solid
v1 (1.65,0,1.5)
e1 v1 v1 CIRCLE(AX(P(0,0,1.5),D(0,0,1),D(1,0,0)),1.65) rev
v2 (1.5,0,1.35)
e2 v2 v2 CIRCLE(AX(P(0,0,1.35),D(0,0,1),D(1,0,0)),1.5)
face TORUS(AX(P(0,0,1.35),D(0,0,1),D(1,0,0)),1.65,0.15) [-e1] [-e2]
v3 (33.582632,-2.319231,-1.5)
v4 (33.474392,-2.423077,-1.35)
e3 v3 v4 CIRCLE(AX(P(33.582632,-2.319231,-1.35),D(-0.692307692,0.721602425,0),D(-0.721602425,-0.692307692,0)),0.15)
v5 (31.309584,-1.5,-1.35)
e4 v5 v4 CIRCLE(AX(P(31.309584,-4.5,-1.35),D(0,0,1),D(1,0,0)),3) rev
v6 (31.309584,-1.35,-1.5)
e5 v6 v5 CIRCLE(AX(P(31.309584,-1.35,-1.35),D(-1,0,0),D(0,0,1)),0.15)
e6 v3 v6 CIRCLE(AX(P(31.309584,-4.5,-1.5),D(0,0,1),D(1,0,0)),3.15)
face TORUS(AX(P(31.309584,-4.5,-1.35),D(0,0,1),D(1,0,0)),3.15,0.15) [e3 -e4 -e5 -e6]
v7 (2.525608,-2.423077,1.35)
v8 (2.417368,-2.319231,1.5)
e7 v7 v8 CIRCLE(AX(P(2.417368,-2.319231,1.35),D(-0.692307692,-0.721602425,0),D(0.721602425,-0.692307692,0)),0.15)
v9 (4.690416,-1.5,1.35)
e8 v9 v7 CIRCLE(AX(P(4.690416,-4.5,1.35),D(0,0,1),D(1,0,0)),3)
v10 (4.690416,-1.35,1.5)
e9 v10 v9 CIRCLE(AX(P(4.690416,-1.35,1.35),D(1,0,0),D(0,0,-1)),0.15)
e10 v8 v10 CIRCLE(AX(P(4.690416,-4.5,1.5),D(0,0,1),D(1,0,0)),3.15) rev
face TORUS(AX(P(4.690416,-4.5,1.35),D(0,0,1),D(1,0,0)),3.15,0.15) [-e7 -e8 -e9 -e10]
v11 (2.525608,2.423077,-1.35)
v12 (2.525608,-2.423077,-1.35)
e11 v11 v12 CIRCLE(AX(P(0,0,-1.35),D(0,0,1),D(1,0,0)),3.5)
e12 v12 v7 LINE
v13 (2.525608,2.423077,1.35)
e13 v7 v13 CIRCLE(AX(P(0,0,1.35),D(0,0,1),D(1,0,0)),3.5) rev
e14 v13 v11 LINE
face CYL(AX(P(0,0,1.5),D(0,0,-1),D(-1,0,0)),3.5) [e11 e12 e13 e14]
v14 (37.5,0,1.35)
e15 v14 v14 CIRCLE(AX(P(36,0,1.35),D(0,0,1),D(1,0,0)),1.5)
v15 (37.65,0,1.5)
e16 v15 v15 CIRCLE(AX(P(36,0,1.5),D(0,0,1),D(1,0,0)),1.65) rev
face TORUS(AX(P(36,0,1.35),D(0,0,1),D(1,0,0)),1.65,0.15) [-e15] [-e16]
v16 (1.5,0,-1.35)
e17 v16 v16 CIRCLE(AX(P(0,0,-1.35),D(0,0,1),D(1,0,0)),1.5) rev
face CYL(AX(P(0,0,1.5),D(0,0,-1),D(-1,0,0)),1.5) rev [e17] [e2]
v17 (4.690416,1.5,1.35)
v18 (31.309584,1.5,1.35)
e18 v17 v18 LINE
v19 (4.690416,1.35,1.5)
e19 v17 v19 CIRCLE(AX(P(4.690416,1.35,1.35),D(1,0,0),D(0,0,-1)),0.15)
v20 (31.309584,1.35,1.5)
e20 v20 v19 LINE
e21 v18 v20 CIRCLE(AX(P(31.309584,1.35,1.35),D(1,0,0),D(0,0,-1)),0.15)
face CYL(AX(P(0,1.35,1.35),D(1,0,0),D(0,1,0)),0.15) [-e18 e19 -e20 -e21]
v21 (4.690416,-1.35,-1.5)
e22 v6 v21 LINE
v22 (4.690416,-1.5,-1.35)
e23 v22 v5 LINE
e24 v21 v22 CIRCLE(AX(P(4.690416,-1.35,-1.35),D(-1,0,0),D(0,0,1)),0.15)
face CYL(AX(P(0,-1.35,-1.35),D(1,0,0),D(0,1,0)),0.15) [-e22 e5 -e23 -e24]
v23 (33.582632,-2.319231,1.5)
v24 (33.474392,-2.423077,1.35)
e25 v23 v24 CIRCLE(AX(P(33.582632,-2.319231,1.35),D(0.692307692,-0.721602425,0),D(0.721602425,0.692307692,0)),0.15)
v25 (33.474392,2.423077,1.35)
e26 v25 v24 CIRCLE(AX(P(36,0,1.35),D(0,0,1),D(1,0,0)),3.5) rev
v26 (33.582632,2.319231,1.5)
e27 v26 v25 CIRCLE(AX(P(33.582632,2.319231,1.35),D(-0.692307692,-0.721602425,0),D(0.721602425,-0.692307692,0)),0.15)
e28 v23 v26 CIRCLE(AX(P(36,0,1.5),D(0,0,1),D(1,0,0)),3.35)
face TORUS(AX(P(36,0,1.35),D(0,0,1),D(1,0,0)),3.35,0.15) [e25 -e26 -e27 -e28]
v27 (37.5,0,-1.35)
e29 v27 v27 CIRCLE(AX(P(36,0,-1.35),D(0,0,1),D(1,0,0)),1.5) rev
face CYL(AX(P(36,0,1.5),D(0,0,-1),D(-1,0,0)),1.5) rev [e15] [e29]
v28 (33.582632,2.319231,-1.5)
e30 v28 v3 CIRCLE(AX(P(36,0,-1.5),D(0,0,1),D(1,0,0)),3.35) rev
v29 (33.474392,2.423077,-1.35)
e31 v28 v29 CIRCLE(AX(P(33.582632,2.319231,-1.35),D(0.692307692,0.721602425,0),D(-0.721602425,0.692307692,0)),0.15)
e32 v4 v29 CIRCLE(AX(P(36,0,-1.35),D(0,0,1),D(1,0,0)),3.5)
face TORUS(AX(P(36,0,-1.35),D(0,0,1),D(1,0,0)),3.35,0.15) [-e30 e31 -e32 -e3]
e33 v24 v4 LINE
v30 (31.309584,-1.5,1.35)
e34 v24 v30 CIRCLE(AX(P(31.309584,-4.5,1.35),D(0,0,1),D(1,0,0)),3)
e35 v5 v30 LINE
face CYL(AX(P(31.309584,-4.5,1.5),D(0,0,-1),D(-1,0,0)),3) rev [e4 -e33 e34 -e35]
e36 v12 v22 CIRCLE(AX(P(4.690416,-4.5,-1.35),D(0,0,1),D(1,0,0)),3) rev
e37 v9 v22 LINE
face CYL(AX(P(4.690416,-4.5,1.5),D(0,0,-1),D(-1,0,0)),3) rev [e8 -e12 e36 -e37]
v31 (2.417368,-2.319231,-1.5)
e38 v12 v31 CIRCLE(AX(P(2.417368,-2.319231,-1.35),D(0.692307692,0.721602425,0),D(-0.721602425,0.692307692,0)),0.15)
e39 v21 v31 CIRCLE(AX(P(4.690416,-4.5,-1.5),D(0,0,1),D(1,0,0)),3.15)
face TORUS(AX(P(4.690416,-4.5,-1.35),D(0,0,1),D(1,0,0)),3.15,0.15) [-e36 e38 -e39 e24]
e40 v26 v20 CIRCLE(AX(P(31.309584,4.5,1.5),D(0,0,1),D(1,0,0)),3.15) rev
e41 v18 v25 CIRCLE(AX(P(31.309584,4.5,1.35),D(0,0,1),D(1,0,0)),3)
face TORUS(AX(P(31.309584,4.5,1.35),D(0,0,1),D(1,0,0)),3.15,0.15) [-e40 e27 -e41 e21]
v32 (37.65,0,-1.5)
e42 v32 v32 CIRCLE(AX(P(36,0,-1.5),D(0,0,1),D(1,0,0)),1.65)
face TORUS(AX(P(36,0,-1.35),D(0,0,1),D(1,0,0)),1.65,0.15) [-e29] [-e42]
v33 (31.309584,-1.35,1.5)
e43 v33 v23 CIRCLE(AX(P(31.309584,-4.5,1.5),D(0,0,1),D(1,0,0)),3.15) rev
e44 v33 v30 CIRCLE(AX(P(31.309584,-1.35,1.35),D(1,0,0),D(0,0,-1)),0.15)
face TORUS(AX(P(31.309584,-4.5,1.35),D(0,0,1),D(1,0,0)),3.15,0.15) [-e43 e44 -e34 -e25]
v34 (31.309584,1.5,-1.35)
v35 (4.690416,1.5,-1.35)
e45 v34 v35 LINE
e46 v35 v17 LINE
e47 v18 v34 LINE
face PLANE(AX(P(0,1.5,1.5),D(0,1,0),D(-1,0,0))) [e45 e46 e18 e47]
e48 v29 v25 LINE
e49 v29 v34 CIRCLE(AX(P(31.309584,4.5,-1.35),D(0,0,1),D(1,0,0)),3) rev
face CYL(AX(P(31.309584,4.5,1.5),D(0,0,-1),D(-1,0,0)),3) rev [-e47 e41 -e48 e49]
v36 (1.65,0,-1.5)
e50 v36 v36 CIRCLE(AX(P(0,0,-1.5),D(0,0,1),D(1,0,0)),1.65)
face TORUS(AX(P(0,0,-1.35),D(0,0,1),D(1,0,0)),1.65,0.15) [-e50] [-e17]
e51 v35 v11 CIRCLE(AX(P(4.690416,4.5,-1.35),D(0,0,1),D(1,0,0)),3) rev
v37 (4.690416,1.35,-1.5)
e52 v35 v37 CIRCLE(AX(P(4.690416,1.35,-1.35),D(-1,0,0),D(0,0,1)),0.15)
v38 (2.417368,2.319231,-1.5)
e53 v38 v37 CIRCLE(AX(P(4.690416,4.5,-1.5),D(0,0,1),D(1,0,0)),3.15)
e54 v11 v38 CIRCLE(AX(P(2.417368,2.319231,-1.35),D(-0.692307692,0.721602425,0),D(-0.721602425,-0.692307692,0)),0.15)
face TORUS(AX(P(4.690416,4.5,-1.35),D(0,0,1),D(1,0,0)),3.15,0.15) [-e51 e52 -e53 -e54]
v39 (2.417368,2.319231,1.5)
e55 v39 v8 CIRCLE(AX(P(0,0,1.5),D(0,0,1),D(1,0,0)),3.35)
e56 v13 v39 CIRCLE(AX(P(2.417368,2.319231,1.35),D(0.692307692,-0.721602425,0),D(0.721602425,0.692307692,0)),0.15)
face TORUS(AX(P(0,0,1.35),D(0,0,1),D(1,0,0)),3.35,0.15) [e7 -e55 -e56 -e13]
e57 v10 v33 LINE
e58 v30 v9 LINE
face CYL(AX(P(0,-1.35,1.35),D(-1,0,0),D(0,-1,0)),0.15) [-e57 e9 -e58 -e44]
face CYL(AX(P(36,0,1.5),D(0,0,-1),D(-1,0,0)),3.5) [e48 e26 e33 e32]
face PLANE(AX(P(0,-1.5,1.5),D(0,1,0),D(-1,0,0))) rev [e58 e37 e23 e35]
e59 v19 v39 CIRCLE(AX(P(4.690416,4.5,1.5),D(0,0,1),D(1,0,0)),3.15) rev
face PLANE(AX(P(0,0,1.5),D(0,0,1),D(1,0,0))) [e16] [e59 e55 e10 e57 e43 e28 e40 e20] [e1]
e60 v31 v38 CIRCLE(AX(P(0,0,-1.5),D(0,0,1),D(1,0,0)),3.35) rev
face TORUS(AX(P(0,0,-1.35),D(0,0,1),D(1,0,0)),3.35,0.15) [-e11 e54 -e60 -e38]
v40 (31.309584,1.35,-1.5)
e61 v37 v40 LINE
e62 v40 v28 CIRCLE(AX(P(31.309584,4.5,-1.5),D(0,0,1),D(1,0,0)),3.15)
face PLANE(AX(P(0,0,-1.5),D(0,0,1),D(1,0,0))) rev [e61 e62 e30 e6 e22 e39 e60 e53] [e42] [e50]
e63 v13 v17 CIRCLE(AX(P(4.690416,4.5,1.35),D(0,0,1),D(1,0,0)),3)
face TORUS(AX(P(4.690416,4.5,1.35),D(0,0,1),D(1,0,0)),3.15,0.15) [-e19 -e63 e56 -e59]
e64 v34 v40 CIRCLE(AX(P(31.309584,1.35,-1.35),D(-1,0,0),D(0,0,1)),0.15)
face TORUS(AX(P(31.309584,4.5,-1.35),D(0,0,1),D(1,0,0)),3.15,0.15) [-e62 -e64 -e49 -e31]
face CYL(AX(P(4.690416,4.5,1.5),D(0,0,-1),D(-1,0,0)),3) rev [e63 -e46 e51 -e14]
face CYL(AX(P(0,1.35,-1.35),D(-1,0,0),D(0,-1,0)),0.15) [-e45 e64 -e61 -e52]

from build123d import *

# Parameters (mm, degrees)
SKETCH1_R           = 3.5
SKETCH1_R_2         = 1.5
BOSS_EXTRUDE1_DEPTH = 1.5
FILLET1_R           = 3
FILLET2_R           = 0.15


with BuildPart() as part:
    # Sketch1 → Boss-Extrude1 (new body, symmetric)
    with BuildSketch(Plane.XY):
        Circle(SKETCH1_R)
        Circle(SKETCH1_R_2, mode=Mode.SUBTRACT)
        with BuildLine():
            ThreePointArc((3.5, 0), (3.414525722, -0.768774411), (3.16227766, -1.5))
            Line((3.16227766, -1.5), (32.83772234, -1.5))
            ThreePointArc((32.83772234, -1.5), (32.5, 0), (32.83772234, 1.5))
            Line((32.83772234, 1.5), (3.16227766, 1.5))
            ThreePointArc((3.16227766, 1.5), (3.414525722, 0.768774411), (3.5, 0))
        make_face()
        with Locations((36, 0)):
            Circle(SKETCH1_R)
        with Locations((36, 0)):
            Circle(SKETCH1_R_2, mode=Mode.SUBTRACT)
    extrude(amount=BOSS_EXTRUDE1_DEPTH, both=True)

    # Fillet1
    fillet1_edges = [part.edges().sort_by_distance(p)[0] for p in [
        (32.83772234, 1.5, 0),
        (32.83772234, -1.5, 0),
        (3.16227766, -1.5, 0),
        (3.16227766, 1.5, 0),
    ]]
    fillet(fillet1_edges, radius=FILLET1_R)

    # Fillet2
    fillet2_edges = [part.edges().sort_by_distance(p)[0] for p in [
        (18, -1.5, -1.5),
        (-1.5, 0, 1.5),
        (18, -1.5, 1.5),
        (-3.5, 0, -1.5),
        (-3.5, 0, 1.5),
        (34.5, 0, 1.5),
        (39.5, 0, -1.5),
        (39.5, 0, 1.5),
        (18, 1.5, -1.5),
        (18, 1.5, 1.5),
        (3.513718949, -1.740401367, -1.5),
        (3.513718949, -1.740401367, 1.5),
        (32.486281051, -1.740401367, -1.5),
        (32.486281051, -1.740401367, 1.5),
        (32.486281051, 1.740401367, -1.5),
        (32.486281051, 1.740401367, 1.5),
        (3.513718949, 1.740401367, -1.5),
        (3.513718949, 1.740401367, 1.5),
        (34.5, 0, -1.5),
        (-1.5, 0, -1.5),
    ]]
    fillet(fillet2_edges, radius=FILLET2_R)


solid = part.part
